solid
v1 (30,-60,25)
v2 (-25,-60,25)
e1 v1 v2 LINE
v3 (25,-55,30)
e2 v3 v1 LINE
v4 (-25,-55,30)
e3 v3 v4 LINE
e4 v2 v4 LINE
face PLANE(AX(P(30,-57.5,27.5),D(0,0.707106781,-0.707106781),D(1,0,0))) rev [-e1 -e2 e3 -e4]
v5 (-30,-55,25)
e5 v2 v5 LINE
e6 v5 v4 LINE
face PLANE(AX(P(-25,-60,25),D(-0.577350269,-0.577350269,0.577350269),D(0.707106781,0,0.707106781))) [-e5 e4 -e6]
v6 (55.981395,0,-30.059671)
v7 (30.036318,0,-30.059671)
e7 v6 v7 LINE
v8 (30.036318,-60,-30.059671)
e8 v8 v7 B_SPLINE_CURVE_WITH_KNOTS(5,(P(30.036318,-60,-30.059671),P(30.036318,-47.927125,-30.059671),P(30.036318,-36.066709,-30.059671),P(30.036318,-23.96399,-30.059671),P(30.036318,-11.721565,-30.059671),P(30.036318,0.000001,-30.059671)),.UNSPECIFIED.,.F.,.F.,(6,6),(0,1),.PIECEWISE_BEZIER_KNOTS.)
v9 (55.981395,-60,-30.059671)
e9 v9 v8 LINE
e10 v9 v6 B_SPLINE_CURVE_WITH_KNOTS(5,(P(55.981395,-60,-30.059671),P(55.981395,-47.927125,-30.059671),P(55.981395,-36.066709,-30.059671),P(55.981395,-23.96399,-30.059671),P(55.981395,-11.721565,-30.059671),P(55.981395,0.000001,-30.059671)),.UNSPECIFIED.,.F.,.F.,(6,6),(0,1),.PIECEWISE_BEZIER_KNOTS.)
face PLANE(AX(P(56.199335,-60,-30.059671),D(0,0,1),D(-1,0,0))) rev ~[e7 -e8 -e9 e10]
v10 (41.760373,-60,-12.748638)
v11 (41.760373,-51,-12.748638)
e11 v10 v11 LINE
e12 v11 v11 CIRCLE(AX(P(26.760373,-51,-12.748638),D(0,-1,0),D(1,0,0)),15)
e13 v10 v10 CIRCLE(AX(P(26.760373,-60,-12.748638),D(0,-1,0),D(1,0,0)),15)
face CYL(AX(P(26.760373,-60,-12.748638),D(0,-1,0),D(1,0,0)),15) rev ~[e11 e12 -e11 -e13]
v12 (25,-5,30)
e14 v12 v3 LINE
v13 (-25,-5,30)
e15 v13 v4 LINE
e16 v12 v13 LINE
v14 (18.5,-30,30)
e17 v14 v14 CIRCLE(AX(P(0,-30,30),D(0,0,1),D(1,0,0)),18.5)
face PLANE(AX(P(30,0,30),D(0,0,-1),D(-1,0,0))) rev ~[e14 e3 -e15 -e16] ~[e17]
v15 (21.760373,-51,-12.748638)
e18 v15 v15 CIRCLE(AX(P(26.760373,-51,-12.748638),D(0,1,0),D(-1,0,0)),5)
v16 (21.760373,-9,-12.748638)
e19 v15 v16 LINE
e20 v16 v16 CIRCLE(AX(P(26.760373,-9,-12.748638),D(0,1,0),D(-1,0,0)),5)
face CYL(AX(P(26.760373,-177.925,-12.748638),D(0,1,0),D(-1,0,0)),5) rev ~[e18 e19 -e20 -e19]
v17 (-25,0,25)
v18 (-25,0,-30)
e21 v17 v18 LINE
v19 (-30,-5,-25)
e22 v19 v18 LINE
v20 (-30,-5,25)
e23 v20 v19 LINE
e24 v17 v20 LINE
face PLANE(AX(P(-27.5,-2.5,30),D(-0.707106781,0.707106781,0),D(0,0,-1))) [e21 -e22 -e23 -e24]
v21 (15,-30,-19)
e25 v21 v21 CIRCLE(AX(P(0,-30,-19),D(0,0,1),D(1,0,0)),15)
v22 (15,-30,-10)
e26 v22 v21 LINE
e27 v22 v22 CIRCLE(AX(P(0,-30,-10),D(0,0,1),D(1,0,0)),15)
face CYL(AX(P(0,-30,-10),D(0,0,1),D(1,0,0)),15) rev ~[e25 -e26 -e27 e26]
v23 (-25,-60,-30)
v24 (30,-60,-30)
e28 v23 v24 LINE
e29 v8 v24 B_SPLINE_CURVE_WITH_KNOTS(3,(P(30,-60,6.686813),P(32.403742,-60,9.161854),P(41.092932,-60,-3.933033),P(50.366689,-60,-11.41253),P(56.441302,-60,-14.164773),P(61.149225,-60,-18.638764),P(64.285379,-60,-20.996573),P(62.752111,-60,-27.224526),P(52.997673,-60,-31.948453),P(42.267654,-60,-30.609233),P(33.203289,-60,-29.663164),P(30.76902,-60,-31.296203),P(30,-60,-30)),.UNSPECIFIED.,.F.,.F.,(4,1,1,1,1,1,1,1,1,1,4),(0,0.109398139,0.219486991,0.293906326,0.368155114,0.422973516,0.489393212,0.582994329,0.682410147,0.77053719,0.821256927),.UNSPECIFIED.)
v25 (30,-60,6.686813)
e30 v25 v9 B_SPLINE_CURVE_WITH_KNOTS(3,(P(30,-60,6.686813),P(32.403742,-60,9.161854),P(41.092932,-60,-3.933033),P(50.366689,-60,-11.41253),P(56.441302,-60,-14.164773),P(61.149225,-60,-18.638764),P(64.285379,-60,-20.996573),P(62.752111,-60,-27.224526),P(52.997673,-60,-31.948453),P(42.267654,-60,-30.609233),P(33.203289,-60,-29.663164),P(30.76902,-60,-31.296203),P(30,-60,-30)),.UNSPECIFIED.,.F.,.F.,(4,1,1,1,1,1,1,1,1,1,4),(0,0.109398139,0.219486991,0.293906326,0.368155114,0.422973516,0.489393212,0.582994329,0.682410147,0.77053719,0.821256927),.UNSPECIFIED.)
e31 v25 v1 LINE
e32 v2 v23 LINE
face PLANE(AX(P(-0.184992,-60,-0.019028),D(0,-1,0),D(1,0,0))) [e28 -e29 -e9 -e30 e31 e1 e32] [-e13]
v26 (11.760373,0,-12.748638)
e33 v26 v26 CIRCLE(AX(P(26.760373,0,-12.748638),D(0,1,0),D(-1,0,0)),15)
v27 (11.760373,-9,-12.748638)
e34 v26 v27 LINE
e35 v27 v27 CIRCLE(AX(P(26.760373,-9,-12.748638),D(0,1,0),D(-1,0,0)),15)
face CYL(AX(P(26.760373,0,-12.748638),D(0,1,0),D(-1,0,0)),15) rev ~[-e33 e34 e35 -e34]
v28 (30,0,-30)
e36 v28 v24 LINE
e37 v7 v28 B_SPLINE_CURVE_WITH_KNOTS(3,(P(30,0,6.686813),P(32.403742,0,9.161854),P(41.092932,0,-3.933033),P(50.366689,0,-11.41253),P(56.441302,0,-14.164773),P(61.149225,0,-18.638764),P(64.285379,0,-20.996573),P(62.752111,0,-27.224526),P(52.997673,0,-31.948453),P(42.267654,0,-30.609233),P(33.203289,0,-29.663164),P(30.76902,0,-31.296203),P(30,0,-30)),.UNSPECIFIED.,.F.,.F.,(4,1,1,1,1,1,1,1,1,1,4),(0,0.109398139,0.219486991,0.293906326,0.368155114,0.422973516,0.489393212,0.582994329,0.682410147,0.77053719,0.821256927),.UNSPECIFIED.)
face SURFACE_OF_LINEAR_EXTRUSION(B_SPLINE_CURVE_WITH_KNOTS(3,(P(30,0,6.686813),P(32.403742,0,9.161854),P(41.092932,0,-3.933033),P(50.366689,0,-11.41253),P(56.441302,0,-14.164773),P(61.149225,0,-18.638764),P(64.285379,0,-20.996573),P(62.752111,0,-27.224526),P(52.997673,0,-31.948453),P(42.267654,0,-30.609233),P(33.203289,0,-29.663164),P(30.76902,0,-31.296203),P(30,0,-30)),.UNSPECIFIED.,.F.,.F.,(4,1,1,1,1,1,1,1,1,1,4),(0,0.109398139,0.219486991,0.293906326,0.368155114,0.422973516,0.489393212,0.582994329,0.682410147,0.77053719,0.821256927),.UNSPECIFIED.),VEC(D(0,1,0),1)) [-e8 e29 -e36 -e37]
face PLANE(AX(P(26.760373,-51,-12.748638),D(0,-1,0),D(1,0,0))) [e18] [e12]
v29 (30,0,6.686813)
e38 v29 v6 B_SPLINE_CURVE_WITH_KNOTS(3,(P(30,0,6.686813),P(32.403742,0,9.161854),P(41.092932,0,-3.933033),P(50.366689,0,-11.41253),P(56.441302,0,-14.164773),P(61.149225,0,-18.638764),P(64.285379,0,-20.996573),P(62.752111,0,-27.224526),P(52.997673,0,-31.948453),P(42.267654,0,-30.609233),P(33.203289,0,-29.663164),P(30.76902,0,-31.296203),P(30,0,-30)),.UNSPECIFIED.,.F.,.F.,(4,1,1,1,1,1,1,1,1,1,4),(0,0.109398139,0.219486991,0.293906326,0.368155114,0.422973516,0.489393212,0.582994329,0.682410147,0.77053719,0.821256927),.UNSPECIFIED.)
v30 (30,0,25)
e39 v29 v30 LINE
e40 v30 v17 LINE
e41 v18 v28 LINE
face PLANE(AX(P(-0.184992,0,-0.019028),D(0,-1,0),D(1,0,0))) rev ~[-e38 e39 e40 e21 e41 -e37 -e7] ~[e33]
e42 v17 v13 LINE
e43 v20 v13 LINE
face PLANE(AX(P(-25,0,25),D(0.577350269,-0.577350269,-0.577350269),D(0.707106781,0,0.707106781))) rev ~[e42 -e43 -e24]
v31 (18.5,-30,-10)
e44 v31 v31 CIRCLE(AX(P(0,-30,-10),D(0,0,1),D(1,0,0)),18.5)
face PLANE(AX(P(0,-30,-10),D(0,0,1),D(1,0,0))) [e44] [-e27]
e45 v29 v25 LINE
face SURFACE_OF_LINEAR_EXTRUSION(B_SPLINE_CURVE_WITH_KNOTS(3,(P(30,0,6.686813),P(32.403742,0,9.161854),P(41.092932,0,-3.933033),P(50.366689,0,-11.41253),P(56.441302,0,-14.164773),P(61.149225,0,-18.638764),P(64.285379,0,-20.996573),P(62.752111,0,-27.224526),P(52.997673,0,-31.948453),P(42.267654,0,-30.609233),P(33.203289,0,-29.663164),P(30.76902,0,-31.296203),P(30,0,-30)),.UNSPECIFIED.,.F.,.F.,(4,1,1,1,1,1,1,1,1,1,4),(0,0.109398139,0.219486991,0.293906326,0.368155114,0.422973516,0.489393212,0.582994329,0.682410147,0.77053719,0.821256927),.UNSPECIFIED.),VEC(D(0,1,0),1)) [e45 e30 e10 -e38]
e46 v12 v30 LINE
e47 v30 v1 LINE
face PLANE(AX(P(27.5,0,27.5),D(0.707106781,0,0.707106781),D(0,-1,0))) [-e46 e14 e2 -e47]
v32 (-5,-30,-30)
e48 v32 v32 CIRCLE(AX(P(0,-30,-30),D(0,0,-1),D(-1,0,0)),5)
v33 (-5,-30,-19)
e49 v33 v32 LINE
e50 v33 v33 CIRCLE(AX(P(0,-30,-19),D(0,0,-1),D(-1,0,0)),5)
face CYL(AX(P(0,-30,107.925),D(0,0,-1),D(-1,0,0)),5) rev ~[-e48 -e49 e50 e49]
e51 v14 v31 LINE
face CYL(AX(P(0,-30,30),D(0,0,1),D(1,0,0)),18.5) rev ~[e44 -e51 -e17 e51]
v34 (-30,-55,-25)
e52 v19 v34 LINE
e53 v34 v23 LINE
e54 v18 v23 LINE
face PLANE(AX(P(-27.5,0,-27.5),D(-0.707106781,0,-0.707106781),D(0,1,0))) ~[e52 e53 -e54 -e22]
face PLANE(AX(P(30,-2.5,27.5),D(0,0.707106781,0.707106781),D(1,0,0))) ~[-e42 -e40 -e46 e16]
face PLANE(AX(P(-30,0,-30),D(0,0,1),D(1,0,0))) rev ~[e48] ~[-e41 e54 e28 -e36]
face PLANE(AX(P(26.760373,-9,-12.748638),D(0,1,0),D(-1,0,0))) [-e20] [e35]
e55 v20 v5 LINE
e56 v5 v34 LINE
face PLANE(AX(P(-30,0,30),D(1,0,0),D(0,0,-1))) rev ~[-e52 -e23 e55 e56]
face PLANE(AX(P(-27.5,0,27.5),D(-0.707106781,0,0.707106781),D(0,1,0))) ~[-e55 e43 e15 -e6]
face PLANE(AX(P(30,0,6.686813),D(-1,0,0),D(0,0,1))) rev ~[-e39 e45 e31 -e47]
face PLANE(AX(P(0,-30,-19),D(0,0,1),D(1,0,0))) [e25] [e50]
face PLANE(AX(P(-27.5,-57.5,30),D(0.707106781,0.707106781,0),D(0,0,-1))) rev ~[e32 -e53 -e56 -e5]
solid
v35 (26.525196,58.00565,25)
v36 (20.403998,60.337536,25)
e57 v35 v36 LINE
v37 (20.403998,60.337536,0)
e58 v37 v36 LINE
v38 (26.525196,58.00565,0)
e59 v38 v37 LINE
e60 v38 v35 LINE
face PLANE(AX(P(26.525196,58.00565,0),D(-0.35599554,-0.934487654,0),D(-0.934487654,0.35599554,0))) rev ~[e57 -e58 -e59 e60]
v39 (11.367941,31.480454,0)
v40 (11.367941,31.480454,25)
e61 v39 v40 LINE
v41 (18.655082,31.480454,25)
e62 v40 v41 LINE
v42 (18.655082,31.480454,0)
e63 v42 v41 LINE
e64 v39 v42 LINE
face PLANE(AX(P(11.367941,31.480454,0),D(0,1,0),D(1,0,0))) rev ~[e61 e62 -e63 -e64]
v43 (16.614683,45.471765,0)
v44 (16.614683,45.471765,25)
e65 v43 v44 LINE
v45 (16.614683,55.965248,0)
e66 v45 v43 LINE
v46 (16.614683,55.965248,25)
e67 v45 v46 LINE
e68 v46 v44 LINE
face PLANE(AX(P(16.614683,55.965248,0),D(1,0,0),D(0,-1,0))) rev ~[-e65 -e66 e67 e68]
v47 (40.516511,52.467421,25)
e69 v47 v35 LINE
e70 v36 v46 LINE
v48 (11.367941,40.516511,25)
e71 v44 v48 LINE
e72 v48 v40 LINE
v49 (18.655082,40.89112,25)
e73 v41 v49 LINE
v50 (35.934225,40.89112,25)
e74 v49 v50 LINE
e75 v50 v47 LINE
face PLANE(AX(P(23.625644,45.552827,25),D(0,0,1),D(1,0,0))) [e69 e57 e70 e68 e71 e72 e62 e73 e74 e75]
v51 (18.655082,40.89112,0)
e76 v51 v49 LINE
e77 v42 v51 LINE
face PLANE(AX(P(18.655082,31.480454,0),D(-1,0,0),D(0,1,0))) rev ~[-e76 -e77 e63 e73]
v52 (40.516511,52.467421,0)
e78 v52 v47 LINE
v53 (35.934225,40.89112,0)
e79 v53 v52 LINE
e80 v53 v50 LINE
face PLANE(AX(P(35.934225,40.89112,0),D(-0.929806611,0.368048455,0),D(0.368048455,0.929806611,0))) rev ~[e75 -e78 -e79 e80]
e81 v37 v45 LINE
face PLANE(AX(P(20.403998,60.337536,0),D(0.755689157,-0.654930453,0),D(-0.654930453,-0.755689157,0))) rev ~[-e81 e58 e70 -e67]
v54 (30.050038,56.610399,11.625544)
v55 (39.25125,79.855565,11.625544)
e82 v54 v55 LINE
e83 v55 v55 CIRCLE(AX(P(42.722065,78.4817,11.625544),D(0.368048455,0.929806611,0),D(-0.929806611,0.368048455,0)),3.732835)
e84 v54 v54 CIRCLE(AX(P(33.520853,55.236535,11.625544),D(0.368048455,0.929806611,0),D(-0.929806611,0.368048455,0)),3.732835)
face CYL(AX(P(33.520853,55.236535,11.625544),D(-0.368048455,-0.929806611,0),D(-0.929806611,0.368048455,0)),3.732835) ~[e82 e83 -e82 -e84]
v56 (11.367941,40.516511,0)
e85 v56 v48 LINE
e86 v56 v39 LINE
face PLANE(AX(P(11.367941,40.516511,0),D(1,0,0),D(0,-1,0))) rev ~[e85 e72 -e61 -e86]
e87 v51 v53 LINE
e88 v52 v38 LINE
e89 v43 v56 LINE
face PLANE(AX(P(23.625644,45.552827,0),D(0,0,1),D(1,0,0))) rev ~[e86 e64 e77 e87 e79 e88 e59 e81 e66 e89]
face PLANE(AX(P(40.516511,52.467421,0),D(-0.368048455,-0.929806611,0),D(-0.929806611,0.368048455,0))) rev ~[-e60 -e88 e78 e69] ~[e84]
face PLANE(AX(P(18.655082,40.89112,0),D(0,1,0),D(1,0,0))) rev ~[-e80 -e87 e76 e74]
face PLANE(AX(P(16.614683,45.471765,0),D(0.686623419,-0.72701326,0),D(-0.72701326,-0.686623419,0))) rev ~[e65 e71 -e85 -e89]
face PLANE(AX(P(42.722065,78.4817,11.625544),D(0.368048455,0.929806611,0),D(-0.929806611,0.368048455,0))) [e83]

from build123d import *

# Parameters (mm, degrees)
F1_DEPTH  = 60
F2_R      = 18.5
F3_DEPTH  = 40
F4_R      = 15
F5_DEPTH  = 9
F7_D      = 10
F8_R      = 15
F9_DEPTH  = 9
F11_D     = 10
F12_R     = 15
F12_R_2   = 5
F13_DEPTH = 9
F14_SIZE  = 5
F17_DEPTH = 80
F19_DEPTH = 25
F20_R     = 3.7328350118
F21_DEPTH = 25


with BuildPart() as f1:
    # F0 (on Front) → F1 (new body)
    with BuildSketch(Plane.XZ):
        with BuildLine():
            Line((30, 30), (-30, 30))
            Line((-30, 30), (-30, -30))
            Line((-30, -30), (30, -30))
            add(Edge.make_bspline(
                [(30, -30), (27.2898716013, -25.4320075528), (26.0725810609, 2.6429015128), (30, 6.686813198)],
                knots=[0.8212569267, 0.8212569267, 0.8212569267, 0.8212569267, 1, 1, 1, 1], degree=3))
            Line((30, 6.686813198), (30, 30))
        make_face()
        with BuildLine():
            add(Edge.make_bspline(
                [(30, 6.686813198), (32.4037424964, 9.1618540633), (41.092931908, -3.9330331363), (50.3666891959, -11.4125300307), (56.4413019982, -14.1647728527), (61.1492245568, -18.6387644358), (64.2853794844, -20.9965734386), (62.7521105432, -27.2245264469), (52.9976727052, -31.9484525445), (42.2676536377, -30.6092327314), (33.2032888673, -29.6631638006), (30.7690199989, -31.2962033638), (30, -30)],
                knots=[0, 0, 0, 0, 0.1093981385, 0.2194869914, 0.2939063262, 0.3681551135, 0.4229735158, 0.4893932118, 0.582994329, 0.6824101474, 0.7705371903, 0.8212569267, 0.8212569267, 0.8212569267, 0.8212569267], degree=3))
            Line((30, 6.686813198), (30, -30))
        make_face()
        with BuildLine():
            Line((30, -30), (30, 6.686813198))
            add(Edge.make_bspline(
                [(30, -30), (27.2898716013, -25.4320075528), (26.0725810609, 2.6429015128), (30, 6.686813198)],
                knots=[0.8212569267, 0.8212569267, 0.8212569267, 0.8212569267, 1, 1, 1, 1], degree=3))
        make_face()
    extrude(amount=F1_DEPTH)

    # F2 (on face) → F3 (cut)
    with BuildSketch(Plane.XY.offset(30)):
        with Locations((0, -30)):
            Circle(F2_R)
    extrude(amount=-F3_DEPTH, mode=Mode.SUBTRACT)

    # F4 (on face) → F5 (cut)
    with BuildSketch(Plane.XY.offset(-10)):
        with Locations((0, -30)):
            Circle(F4_R)
    extrude(amount=-F5_DEPTH, mode=Mode.SUBTRACT)

    # F7 (through all)
    with Locations(Plane.XY.offset(-19)):
        with Locations((0, -30)):
            Hole(F7_D / 2)

    # F8 (on face) → F9 (cut)
    with BuildSketch(Plane.XZ.offset(60)):
        with Locations((26.7603733739, -12.748638168)):
            Circle(F8_R)
    extrude(amount=-F9_DEPTH, mode=Mode.SUBTRACT)

    # F11 (through all)
    with Locations(Plane.XZ.offset(51)):
        with Locations((26.7603733739, -12.748638168)):
            Hole(F11_D / 2)

    # F12 (on face) → F13 (cut)
    with BuildSketch(Plane(origin=(0, 0, 0), x_dir=(-1, 0, 0), z_dir=(0, 1, 0))):
        with Locations((-26.7603733739, -12.748638168)):
            Circle(F12_R)
        with Locations((-26.7603733739, -12.748638168)):
            Circle(F12_R_2, mode=Mode.SUBTRACT)
    extrude(amount=-F13_DEPTH, mode=Mode.SUBTRACT)

    # F14
    f14_edges = [f1.edges().sort_by_distance(p)[0] for p in [
        (-30, -30, 30),
        (-30, -30, -30),
        (-30, 0, 0),
        (-30, -60, 0),
        (0, 0, 30),
        (0, -60, 30),
        (30, -30, 30),
    ]]
    chamfer(f14_edges, length=F14_SIZE)

    # F16 (on face) → F17 (cut)
    with BuildSketch(Plane.XZ.offset(60)):
        Polygon((56.1993345618, -30.0596710294), (23.1289360672, -30.0596710294), (49.712177366, -33.5852988064), align=None)
    extrude(amount=-F17_DEPTH, mode=Mode.SUBTRACT)


with BuildPart() as f19:
    # F18 (on Top) → F19 (new body)
    with BuildSketch(Plane.XY):
        Polygon((40.5165106058, 52.4674206972), (26.525195688, 58.0056495965), (20.4039979726, 60.337536037), (16.6146829724, 55.9652484953), (16.6146829724, 45.471765101), (11.3679412752, 40.5165106058), (11.3679412752, 31.4804539084), (18.6550822109, 31.4804539084), (18.6550822109, 40.8911202074), (27.1081682295, 40.8911202074), (30.6059960276, 40.8911202074), (35.9342249311, 40.8911202074), align=None)
    extrude(amount=F19_DEPTH)

    # F20 (on face) → F21 (join)
    with BuildSketch(Plane(origin=(23.4434329635, 59.2255140253, 0), x_dir=(-0.9298066113, 0.3680484555, 0), z_dir=(0.3680484555, 0.9298066113, 0))):
        with Locations((-10.8381894265, 11.6255441681)):
            Circle(F20_R)
    extrude(amount=F21_DEPTH)


solid = Compound([f1.part, f19.part])
